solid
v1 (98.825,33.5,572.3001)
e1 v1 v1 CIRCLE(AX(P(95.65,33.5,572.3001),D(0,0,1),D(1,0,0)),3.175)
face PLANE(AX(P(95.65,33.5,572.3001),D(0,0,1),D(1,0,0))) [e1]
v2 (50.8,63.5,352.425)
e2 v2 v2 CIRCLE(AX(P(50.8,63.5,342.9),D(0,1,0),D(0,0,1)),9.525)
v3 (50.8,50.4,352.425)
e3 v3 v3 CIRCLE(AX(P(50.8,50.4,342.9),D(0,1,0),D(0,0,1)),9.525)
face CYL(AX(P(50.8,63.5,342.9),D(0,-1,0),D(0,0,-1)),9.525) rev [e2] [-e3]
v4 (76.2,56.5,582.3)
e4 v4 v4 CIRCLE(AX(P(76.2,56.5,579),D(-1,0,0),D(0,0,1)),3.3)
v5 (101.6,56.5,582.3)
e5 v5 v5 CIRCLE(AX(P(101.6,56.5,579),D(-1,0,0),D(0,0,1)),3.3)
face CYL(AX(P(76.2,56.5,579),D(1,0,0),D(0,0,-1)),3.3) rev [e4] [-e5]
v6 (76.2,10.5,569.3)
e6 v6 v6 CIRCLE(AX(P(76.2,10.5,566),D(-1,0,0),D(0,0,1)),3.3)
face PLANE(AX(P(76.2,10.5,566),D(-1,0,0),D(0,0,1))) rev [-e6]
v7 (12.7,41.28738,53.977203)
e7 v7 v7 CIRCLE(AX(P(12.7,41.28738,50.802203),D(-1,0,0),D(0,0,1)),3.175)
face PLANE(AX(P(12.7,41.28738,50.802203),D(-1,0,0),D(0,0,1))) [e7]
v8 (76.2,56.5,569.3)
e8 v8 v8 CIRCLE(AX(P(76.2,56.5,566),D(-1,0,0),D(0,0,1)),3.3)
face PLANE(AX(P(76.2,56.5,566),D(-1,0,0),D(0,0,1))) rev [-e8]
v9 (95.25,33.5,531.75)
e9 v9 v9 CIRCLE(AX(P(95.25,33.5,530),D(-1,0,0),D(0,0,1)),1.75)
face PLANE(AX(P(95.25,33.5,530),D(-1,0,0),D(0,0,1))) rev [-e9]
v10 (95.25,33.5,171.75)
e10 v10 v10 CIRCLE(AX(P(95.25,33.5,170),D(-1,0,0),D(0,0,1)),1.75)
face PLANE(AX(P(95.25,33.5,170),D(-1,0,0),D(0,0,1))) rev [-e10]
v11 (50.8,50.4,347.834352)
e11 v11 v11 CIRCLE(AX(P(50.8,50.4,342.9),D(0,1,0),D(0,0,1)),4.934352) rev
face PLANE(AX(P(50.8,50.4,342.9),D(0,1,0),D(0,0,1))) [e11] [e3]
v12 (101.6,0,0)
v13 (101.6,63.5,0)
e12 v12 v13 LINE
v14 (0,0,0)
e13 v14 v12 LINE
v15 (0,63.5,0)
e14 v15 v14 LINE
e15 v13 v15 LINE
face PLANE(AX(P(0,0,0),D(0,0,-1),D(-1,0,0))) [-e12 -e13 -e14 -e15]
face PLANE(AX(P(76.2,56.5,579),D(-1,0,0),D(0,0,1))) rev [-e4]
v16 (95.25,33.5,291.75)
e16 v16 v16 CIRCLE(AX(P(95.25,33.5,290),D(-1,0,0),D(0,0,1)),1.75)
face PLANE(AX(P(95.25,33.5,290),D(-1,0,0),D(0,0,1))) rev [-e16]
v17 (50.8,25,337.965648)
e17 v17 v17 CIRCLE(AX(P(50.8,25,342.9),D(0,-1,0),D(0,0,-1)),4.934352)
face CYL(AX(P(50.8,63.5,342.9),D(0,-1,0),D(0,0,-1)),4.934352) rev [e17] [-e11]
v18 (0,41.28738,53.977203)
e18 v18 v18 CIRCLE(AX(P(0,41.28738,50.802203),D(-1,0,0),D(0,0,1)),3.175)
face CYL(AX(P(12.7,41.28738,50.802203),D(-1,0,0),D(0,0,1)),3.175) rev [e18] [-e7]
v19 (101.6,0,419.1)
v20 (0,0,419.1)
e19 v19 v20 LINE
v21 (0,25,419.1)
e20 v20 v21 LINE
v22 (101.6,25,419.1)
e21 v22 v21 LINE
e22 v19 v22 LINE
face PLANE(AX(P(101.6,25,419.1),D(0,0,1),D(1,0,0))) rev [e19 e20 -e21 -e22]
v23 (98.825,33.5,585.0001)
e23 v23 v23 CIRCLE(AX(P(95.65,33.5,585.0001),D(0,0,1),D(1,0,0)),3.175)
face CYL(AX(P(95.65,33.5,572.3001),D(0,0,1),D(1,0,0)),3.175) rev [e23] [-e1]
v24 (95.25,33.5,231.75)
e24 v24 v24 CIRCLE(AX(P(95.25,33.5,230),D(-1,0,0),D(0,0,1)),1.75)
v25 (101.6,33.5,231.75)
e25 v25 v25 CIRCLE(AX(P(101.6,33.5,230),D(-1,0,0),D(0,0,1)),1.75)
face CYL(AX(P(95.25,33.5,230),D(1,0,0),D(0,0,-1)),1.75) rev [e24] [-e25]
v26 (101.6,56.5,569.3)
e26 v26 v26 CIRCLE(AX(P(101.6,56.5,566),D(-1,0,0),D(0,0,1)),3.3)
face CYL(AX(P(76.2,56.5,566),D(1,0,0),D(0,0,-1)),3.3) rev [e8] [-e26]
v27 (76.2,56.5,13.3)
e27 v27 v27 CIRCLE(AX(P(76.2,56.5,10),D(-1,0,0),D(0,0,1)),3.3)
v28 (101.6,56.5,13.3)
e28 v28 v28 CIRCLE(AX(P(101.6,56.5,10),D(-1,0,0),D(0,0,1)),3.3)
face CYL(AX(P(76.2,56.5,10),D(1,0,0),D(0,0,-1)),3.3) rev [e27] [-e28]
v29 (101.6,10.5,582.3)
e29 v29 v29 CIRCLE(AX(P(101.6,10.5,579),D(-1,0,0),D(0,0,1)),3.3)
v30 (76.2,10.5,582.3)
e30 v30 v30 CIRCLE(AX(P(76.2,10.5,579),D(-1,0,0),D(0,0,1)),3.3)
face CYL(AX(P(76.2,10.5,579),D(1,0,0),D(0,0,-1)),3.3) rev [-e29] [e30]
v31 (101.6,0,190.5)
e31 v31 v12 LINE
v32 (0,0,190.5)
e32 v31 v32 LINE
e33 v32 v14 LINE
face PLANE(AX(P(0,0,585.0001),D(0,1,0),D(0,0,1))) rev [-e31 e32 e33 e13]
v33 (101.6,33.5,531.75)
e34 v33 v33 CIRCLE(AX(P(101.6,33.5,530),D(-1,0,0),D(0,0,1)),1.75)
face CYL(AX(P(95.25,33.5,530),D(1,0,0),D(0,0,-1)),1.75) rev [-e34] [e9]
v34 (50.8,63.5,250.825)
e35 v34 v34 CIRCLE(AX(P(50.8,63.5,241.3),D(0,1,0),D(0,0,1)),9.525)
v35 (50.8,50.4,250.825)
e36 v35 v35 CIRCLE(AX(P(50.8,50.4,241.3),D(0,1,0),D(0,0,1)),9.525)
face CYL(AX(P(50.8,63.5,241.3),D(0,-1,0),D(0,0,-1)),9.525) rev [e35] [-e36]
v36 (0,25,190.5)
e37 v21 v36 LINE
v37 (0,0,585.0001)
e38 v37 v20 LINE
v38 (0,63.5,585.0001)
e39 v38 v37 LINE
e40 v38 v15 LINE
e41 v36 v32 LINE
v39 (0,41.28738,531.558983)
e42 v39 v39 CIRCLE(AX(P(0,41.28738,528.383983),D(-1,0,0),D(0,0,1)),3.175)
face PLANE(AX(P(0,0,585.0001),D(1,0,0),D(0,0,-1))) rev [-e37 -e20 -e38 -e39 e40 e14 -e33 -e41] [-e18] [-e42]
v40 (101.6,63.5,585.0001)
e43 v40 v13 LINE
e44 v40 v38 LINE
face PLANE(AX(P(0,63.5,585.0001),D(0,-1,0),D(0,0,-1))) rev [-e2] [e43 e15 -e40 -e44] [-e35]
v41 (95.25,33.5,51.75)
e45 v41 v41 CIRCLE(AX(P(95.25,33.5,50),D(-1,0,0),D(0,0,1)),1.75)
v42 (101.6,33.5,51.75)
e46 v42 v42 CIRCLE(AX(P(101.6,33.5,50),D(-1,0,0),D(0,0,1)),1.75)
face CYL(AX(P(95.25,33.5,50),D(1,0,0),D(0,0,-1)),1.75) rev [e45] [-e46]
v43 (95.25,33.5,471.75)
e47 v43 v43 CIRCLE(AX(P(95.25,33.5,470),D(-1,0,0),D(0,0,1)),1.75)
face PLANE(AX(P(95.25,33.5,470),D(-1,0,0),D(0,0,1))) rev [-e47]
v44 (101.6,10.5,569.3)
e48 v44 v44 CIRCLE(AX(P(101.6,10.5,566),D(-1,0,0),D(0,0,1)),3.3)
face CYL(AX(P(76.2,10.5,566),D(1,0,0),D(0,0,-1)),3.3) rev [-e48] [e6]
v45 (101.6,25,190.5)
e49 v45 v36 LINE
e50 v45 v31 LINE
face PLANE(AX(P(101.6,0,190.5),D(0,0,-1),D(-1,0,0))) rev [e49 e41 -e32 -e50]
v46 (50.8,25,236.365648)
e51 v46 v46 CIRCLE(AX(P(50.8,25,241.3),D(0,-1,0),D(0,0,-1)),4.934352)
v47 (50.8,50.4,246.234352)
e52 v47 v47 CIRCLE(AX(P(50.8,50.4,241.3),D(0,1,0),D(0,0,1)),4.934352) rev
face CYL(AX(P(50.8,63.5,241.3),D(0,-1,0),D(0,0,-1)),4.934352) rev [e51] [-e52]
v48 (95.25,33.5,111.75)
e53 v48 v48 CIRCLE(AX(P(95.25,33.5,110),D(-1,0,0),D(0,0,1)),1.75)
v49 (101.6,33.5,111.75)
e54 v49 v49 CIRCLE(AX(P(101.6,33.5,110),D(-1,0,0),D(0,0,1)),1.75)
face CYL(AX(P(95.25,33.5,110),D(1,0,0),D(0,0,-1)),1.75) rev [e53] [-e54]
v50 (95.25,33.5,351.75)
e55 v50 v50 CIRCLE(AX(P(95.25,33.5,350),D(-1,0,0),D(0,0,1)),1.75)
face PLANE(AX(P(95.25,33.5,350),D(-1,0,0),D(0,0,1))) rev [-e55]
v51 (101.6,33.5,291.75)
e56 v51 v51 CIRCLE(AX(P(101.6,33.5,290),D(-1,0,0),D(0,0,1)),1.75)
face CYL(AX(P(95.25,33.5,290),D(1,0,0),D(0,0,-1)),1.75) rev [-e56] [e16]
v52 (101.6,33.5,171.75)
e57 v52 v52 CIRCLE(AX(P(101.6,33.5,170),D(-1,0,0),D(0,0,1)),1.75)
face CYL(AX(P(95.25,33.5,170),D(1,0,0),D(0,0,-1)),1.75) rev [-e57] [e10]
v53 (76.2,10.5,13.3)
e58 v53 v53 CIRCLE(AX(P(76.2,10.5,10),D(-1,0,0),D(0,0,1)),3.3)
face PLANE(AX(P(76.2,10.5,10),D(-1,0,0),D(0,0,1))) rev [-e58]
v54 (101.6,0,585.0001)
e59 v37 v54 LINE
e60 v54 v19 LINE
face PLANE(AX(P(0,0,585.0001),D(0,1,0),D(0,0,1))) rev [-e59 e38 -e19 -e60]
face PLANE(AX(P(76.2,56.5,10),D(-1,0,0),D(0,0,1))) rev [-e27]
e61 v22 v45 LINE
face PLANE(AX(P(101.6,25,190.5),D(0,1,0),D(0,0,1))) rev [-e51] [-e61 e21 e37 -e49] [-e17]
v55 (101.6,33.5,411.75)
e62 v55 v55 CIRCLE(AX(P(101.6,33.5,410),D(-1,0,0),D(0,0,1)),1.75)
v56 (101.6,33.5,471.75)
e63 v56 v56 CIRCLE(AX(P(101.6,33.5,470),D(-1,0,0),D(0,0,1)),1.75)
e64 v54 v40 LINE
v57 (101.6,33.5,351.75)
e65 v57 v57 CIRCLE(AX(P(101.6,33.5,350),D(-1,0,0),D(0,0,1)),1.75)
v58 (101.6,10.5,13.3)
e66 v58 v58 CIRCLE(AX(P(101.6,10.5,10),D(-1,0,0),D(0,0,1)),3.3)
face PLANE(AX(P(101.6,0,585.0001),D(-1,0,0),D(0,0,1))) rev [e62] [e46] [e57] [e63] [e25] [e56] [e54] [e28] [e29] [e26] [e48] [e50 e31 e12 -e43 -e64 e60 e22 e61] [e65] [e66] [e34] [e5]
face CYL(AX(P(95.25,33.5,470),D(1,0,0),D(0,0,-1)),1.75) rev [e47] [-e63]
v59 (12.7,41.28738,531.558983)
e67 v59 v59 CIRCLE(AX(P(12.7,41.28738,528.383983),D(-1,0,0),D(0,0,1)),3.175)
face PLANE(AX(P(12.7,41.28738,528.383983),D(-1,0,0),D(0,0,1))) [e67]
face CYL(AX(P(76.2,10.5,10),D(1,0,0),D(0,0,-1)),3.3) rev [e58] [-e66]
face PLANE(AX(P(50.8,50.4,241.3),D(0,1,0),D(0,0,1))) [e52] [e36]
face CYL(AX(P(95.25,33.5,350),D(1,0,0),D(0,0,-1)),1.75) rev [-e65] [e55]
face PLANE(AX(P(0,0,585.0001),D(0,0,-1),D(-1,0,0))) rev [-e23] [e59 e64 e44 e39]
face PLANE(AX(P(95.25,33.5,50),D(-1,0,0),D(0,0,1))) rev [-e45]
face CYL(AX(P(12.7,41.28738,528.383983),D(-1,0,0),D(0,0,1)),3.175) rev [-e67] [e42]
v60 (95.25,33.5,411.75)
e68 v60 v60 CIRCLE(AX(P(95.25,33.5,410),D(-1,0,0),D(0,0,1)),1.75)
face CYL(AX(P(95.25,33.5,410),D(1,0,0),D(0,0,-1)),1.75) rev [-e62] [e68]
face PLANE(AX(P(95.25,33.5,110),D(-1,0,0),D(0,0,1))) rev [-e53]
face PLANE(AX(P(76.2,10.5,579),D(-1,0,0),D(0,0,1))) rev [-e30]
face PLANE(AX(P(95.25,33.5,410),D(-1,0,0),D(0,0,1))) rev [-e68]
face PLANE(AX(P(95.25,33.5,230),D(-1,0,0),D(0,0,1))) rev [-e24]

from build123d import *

# Parameters (mm, degrees)
SKETCH1_W           = 101.6
SKETCH1_H           = 63.5
BOSS_EXTRUDE1_DEPTH = 585.0001
SKETCH2_W           = 228.6
SKETCH2_H           = 25
CUT_EXTRUDE1_DEPTH  = 102.6
CUT_EXTRUDE4_START  = -101.6
CUT_EXTRUDE4_DEPTH  = 6.35
CUT_EXTRUDE5_START  = -101.6
CUT_EXTRUDE5_DEPTH  = 25.4
SKETCH6_R           = 4.934351916
CUT_EXTRUDE6_DEPTH  = 39.5
CUT_EXTRUDE7_DEPTH  = 12.7
SKETCH8_R           = 3.175
CUT_EXTRUDE8_DEPTH  = 12.7
CUT_EXTRUDE10_START = 50.8
SKETCH10_R          = 9.525
CUT_EXTRUDE10_DEPTH = 14.1


with BuildPart() as part:
    # Sketch1 → Boss-Extrude1 (new body)
    with BuildSketch(Plane.XY):
        with Locations((50.8, 31.75)):
            Rectangle(SKETCH1_W, SKETCH1_H)
    extrude(amount=BOSS_EXTRUDE1_DEPTH)

    # Sketch2 → Cut-Extrude1 (cut, through all)
    with BuildSketch(Plane.ZY):
        with Locations((304.8, 12.5)):
            Rectangle(SKETCH2_W, SKETCH2_H)
    extrude(amount=-CUT_EXTRUDE1_DEPTH, mode=Mode.SUBTRACT)

    # Sketch5 → Cut-Extrude4 (cut)
    with BuildSketch(Plane.ZY.offset(CUT_EXTRUDE4_START)):
        with BuildLine():
            ThreePointArc((170, 35.25), (168.25, 33.5), (170, 31.75))
            ThreePointArc((170, 31.75), (171.75, 33.5), (170, 35.25))
        make_face()
        with BuildLine():
            ThreePointArc((110, 31.75), (111.75, 33.5), (110, 35.25))
            ThreePointArc((110, 35.25), (108.25, 33.5), (110, 31.75))
        make_face()
        with BuildLine():
            ThreePointArc((50, 31.75), (51.75, 33.5), (50, 35.25))
            ThreePointArc((50, 35.25), (48.25, 33.5), (50, 31.75))
        make_face()
        with BuildLine():
            ThreePointArc((530, 31.75), (531.75, 33.5), (530, 35.25))
            ThreePointArc((530, 35.25), (528.25, 33.5), (530, 31.75))
        make_face()
        with BuildLine():
            ThreePointArc((470, 31.75), (471.75, 33.5), (470, 35.25))
            ThreePointArc((470, 35.25), (468.25, 33.5), (470, 31.75))
        make_face()
        with BuildLine():
            ThreePointArc((410, 31.75), (411.75, 33.5), (410, 35.25))
            ThreePointArc((410, 35.25), (408.25, 33.5), (410, 31.75))
        make_face()
        with BuildLine():
            ThreePointArc((350, 31.75), (351.75, 33.5), (350, 35.25))
            ThreePointArc((350, 35.25), (348.25, 33.5), (350, 31.75))
        make_face()
        with BuildLine():
            ThreePointArc((290, 31.75), (291.75, 33.5), (290, 35.25))
            ThreePointArc((290, 35.25), (288.25, 33.5), (290, 31.75))
        make_face()
        with BuildLine():
            ThreePointArc((230, 31.75), (231.75, 33.5), (230, 35.25))
            ThreePointArc((230, 35.25), (228.25, 33.5), (230, 31.75))
        make_face()
    extrude(amount=CUT_EXTRUDE4_DEPTH, mode=Mode.SUBTRACT)

    # Sketch5<3> → Cut-Extrude5 (cut)
    with BuildSketch(Plane.ZY.offset(CUT_EXTRUDE5_START)):
        with BuildLine():
            ThreePointArc((562.7, 10.5), (566, 7.2), (569.3, 10.5))
            ThreePointArc((569.3, 10.5), (566, 13.8), (562.7, 10.5))
        make_face()
        with BuildLine():
            ThreePointArc((582.3, 10.5), (579, 13.8), (575.7, 10.5))
            ThreePointArc((575.7, 10.5), (579, 7.2), (582.3, 10.5))
        make_face()
        with BuildLine():
            ThreePointArc((575.7, 56.5), (579, 53.2), (582.3, 56.5))
            ThreePointArc((582.3, 56.5), (579, 59.8), (575.7, 56.5))
        make_face()
        with BuildLine():
            ThreePointArc((562.7, 56.5), (566, 53.2), (569.3, 56.5))
            ThreePointArc((569.3, 56.5), (566, 59.8), (562.7, 56.5))
        make_face()
        with BuildLine():
            ThreePointArc((6.7, 10.5), (10, 7.2), (13.3, 10.5))
            ThreePointArc((13.3, 10.5), (10, 13.8), (6.7, 10.5))
        make_face()
        with BuildLine():
            ThreePointArc((6.7, 56.5), (10, 53.2), (13.3, 56.5))
            ThreePointArc((13.3, 56.5), (10, 59.8), (6.7, 56.5))
        make_face()
    extrude(amount=CUT_EXTRUDE5_DEPTH, mode=Mode.SUBTRACT)

    # Sketch6 → Cut-Extrude6 (cut, through all)
    with BuildSketch(Plane.XZ.offset(-25)):
        with Locations((50.8, 342.9)):
            Circle(SKETCH6_R)
        with Locations((50.8, 241.3)):
            Circle(SKETCH6_R)
    extrude(amount=-CUT_EXTRUDE6_DEPTH, mode=Mode.SUBTRACT)

    # Sketch7 → Cut-Extrude7 (cut)
    with BuildSketch(Plane.ZY):
        with BuildLine():
            ThreePointArc((525.637642589, 39.694194493), (528.38398287, 38.11238), (531.130323151, 39.694194493))
            ThreePointArc((531.130323151, 39.694194493), (531.55898287, 41.28738), (531.130323151, 42.880565507))
            ThreePointArc((531.130323151, 42.880565507), (528.38398287, 44.46238), (525.637642589, 42.880565507))
            ThreePointArc((525.637642589, 42.880565507), (525.20898287, 41.28738), (525.637642589, 39.694194493))
        make_face()
        with BuildLine():
            ThreePointArc((53.548542941, 42.880565507), (50.80220266, 44.46238), (48.055862379, 42.880565507))
            ThreePointArc((48.055862379, 42.880565507), (47.62720266, 41.28738), (48.055862379, 39.694194493))
            ThreePointArc((48.055862379, 39.694194493), (50.80220266, 38.11238), (53.548542941, 39.694194493))
            ThreePointArc((53.548542941, 39.694194493), (53.97720266, 41.28738), (53.548542941, 42.880565507))
        make_face()
    extrude(amount=-CUT_EXTRUDE7_DEPTH, mode=Mode.SUBTRACT)

    # Sketch8 → Cut-Extrude8 (cut)
    with BuildSketch(Plane.XY.offset(585.0001)):
        with Locations((95.65, 33.5)):
            Circle(SKETCH8_R)
    extrude(amount=-CUT_EXTRUDE8_DEPTH, mode=Mode.SUBTRACT)

    # Sketch10 → Cut-Extrude10 (cut, through all)
    with BuildSketch(Plane(origin=(0, -0.4, 0), x_dir=(1, 0, 0), z_dir=(0, 1, 0)).offset(CUT_EXTRUDE10_START)):
        with Locations((50.8, -342.9)):
            Circle(SKETCH10_R)
        with Locations((50.8, -241.3)):
            Circle(SKETCH10_R)
    extrude(amount=CUT_EXTRUDE10_DEPTH, mode=Mode.SUBTRACT)


solid = part.part
